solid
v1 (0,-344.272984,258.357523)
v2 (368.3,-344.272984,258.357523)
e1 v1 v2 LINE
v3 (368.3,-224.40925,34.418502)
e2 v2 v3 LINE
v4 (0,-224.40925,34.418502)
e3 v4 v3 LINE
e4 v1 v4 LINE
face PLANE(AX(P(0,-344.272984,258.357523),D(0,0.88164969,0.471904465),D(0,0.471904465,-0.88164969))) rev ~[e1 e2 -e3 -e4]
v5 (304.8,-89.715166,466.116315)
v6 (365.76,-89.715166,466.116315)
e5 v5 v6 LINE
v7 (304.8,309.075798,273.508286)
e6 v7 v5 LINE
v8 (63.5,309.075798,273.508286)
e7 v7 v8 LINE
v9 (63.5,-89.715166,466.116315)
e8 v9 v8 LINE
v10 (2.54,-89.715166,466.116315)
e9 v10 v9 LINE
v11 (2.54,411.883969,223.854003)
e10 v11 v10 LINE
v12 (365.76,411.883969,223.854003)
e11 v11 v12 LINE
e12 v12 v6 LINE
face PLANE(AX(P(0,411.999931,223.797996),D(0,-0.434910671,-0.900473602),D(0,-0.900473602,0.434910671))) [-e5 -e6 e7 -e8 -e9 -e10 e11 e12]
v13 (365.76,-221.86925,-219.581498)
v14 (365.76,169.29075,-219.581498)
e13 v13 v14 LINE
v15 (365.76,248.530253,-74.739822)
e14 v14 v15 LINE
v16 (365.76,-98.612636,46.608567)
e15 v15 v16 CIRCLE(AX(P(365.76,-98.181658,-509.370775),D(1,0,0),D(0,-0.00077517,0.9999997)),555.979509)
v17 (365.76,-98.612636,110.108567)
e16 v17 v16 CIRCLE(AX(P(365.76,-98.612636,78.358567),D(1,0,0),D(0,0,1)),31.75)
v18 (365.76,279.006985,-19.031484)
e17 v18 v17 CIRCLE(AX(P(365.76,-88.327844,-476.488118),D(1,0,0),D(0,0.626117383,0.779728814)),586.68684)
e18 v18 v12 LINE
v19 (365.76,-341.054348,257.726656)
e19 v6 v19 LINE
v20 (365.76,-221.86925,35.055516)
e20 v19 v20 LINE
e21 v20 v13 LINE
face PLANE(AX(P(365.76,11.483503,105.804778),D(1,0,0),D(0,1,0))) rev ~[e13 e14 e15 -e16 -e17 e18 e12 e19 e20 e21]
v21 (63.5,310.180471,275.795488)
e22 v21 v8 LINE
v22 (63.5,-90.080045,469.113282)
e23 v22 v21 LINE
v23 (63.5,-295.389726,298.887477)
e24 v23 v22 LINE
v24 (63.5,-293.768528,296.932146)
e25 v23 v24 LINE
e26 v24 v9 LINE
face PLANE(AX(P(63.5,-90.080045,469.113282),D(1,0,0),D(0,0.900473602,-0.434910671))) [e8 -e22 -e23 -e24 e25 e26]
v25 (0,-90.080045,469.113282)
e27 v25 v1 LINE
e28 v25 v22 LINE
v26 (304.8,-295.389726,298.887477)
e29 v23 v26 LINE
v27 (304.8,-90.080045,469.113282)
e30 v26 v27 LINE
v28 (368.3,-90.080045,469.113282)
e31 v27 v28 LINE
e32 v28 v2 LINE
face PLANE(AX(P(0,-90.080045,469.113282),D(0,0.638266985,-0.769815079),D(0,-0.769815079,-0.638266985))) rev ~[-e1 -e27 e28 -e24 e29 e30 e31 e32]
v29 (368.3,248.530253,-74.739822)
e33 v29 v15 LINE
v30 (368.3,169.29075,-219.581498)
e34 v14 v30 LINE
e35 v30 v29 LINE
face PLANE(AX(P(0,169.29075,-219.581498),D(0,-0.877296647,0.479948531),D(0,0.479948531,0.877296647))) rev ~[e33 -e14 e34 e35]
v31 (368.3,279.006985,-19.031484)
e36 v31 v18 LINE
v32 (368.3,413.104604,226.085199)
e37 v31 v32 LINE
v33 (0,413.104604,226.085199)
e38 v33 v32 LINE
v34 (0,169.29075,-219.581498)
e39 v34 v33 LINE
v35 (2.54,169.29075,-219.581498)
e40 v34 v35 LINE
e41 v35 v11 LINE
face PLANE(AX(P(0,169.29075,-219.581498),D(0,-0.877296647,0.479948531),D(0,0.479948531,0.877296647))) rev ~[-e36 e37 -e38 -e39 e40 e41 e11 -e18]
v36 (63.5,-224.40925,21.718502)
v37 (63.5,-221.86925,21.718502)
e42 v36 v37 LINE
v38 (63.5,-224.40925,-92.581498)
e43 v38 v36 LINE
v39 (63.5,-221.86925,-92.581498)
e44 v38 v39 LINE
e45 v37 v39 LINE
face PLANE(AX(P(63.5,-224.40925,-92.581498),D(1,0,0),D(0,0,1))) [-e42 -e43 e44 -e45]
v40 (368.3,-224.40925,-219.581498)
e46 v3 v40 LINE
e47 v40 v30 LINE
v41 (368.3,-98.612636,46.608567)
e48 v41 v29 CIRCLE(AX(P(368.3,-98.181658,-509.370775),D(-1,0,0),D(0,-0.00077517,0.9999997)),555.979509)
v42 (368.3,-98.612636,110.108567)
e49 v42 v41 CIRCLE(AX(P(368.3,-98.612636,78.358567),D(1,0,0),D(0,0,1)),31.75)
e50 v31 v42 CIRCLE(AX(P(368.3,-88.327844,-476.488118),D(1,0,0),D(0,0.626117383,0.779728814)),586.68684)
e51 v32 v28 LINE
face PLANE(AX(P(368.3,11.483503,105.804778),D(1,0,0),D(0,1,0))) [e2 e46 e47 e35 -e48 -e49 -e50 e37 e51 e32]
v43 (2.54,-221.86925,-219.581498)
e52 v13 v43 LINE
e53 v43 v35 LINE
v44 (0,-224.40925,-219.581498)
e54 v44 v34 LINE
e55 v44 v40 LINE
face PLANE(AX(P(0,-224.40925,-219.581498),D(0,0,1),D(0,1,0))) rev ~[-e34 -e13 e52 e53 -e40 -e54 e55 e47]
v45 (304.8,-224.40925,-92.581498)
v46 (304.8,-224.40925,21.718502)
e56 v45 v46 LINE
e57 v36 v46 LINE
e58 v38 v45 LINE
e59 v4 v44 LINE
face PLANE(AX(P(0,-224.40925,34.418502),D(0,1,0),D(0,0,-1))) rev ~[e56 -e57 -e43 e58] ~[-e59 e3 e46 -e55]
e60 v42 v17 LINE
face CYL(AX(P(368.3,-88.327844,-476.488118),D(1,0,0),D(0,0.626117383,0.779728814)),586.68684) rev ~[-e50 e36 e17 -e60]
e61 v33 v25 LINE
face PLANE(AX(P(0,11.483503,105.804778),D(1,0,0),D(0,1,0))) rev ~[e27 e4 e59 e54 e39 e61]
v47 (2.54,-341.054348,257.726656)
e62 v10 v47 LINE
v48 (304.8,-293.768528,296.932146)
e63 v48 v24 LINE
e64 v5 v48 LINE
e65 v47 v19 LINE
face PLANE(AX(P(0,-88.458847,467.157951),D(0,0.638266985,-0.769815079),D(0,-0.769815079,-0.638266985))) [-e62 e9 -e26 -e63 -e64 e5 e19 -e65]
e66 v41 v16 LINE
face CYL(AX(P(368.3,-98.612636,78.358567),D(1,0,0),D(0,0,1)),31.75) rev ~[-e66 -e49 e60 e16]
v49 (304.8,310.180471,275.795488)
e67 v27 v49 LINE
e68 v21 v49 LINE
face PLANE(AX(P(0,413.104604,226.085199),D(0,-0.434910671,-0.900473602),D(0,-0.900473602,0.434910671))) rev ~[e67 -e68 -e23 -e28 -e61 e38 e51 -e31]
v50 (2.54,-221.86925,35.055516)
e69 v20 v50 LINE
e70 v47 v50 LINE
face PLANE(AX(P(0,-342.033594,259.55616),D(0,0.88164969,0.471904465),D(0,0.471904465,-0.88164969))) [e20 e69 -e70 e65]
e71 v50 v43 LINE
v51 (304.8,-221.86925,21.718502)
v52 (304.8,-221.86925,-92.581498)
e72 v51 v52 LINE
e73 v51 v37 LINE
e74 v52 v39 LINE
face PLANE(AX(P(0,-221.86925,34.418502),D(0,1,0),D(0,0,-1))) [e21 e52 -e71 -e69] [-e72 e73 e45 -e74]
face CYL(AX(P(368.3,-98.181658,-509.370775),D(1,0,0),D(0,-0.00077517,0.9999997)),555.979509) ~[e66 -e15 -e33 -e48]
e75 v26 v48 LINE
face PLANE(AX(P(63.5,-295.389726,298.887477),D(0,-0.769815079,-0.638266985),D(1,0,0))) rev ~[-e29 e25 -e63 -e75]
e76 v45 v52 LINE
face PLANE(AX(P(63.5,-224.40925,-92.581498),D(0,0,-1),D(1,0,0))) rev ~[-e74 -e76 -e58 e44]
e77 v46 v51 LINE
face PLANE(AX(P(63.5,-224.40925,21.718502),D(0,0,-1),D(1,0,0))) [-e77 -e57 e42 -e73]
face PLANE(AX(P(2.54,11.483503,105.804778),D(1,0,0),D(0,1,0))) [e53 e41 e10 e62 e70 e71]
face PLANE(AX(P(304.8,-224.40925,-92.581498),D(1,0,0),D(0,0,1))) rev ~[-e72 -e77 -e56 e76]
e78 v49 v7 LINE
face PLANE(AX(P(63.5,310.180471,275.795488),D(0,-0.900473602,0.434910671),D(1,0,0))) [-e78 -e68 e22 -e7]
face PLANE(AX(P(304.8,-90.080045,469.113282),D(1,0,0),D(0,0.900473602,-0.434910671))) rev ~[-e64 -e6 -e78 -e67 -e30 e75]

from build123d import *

# Parameters (mm, degrees)
F1_DEPTH  = 368.3
F2_T      = -2.54
F3_W      = 241.3
F3_H      = 444.5
F4_DEPTH  = 25.4
F5_W      = 241.3
F5_H      = 266.7
F6_DEPTH  = 25.4
F7_W      = 241.3
F7_H      = 114.3
F8_DEPTH  = 25.4
F10_DEPTH = 25.4


with BuildPart() as f1:
    # F0 (on Right) → F1 (new body)
    with BuildSketch(Plane.YZ):
        Polygon((-224.4092495818, -219.5814980744), (169.2907504182, -219.5814980744), (413.1046041976, 226.0851988026), (-90.0800447439, 469.1132816853), (-344.2729837605, 258.357523154), (-224.4092495818, 34.4185019256), align=None)
    extrude(amount=F1_DEPTH)

    # F2
    f2_openings = [f1.faces().sort_by_distance(p)[0] for p in [
        (184.15, 291.197677, 3.25185),
        (184.15, -27.55925, -219.581498),
    ]]
    offset(amount=F2_T, openings=f2_openings, kind=Kind.INTERSECTION)

    # F3 (on face) → F4 (cut)
    with BuildSketch(Plane(origin=(0, 166.6783638091, 345.1041253529), x_dir=(1, 0, 0), z_dir=(0, 0.4349106709, 0.9004736023))):
        with Locations((184.15, -62.8870744342)):
            Rectangle(F3_W, F3_H)
    extrude(amount=-F4_DEPTH, mode=Mode.SUBTRACT)

    # F5 (on face) → F6 (cut)
    with BuildSketch(Plane(origin=(0, -267.194897424, 322.2642965476), x_dir=(1, 0, 0), z_dir=(0, -0.6382669853, 0.7698150788))):
        with Locations((184.15, 96.7245433025)):
            Rectangle(F5_W, F5_H)
    extrude(amount=-F6_DEPTH, mode=Mode.SUBTRACT)

    # F7 (on face) → F8 (cut)
    with BuildSketch(Plane.XZ.offset(224.4092495818)):
        with Locations((184.15, -35.4314980744)):
            Rectangle(F7_W, F7_H)
    extrude(amount=-F8_DEPTH, mode=Mode.SUBTRACT)

    # F9 (on face) → F10 (cut)
    with BuildSketch(Plane.YZ.offset(368.3)):
        with BuildLine():
            ThreePointArc((-98.6126363277, 46.6085672379), (85.2821775, 15.4665672824), (248.5302528965, -74.7398215894))
            Line((248.5302528965, -74.7398215894), (279.006984619, -19.0314844798))
            ThreePointArc((279.006984619, -19.0314844798), (101.5154343461, 78.6343708282), (-98.6126363277, 110.1085672379))
            ThreePointArc((-98.6126363277, 110.1085672379), (-130.3626363277, 78.3585672379), (-98.6126363277, 46.6085672379))
        make_face()
    extrude(amount=-F10_DEPTH, mode=Mode.SUBTRACT)


solid = f1.part
